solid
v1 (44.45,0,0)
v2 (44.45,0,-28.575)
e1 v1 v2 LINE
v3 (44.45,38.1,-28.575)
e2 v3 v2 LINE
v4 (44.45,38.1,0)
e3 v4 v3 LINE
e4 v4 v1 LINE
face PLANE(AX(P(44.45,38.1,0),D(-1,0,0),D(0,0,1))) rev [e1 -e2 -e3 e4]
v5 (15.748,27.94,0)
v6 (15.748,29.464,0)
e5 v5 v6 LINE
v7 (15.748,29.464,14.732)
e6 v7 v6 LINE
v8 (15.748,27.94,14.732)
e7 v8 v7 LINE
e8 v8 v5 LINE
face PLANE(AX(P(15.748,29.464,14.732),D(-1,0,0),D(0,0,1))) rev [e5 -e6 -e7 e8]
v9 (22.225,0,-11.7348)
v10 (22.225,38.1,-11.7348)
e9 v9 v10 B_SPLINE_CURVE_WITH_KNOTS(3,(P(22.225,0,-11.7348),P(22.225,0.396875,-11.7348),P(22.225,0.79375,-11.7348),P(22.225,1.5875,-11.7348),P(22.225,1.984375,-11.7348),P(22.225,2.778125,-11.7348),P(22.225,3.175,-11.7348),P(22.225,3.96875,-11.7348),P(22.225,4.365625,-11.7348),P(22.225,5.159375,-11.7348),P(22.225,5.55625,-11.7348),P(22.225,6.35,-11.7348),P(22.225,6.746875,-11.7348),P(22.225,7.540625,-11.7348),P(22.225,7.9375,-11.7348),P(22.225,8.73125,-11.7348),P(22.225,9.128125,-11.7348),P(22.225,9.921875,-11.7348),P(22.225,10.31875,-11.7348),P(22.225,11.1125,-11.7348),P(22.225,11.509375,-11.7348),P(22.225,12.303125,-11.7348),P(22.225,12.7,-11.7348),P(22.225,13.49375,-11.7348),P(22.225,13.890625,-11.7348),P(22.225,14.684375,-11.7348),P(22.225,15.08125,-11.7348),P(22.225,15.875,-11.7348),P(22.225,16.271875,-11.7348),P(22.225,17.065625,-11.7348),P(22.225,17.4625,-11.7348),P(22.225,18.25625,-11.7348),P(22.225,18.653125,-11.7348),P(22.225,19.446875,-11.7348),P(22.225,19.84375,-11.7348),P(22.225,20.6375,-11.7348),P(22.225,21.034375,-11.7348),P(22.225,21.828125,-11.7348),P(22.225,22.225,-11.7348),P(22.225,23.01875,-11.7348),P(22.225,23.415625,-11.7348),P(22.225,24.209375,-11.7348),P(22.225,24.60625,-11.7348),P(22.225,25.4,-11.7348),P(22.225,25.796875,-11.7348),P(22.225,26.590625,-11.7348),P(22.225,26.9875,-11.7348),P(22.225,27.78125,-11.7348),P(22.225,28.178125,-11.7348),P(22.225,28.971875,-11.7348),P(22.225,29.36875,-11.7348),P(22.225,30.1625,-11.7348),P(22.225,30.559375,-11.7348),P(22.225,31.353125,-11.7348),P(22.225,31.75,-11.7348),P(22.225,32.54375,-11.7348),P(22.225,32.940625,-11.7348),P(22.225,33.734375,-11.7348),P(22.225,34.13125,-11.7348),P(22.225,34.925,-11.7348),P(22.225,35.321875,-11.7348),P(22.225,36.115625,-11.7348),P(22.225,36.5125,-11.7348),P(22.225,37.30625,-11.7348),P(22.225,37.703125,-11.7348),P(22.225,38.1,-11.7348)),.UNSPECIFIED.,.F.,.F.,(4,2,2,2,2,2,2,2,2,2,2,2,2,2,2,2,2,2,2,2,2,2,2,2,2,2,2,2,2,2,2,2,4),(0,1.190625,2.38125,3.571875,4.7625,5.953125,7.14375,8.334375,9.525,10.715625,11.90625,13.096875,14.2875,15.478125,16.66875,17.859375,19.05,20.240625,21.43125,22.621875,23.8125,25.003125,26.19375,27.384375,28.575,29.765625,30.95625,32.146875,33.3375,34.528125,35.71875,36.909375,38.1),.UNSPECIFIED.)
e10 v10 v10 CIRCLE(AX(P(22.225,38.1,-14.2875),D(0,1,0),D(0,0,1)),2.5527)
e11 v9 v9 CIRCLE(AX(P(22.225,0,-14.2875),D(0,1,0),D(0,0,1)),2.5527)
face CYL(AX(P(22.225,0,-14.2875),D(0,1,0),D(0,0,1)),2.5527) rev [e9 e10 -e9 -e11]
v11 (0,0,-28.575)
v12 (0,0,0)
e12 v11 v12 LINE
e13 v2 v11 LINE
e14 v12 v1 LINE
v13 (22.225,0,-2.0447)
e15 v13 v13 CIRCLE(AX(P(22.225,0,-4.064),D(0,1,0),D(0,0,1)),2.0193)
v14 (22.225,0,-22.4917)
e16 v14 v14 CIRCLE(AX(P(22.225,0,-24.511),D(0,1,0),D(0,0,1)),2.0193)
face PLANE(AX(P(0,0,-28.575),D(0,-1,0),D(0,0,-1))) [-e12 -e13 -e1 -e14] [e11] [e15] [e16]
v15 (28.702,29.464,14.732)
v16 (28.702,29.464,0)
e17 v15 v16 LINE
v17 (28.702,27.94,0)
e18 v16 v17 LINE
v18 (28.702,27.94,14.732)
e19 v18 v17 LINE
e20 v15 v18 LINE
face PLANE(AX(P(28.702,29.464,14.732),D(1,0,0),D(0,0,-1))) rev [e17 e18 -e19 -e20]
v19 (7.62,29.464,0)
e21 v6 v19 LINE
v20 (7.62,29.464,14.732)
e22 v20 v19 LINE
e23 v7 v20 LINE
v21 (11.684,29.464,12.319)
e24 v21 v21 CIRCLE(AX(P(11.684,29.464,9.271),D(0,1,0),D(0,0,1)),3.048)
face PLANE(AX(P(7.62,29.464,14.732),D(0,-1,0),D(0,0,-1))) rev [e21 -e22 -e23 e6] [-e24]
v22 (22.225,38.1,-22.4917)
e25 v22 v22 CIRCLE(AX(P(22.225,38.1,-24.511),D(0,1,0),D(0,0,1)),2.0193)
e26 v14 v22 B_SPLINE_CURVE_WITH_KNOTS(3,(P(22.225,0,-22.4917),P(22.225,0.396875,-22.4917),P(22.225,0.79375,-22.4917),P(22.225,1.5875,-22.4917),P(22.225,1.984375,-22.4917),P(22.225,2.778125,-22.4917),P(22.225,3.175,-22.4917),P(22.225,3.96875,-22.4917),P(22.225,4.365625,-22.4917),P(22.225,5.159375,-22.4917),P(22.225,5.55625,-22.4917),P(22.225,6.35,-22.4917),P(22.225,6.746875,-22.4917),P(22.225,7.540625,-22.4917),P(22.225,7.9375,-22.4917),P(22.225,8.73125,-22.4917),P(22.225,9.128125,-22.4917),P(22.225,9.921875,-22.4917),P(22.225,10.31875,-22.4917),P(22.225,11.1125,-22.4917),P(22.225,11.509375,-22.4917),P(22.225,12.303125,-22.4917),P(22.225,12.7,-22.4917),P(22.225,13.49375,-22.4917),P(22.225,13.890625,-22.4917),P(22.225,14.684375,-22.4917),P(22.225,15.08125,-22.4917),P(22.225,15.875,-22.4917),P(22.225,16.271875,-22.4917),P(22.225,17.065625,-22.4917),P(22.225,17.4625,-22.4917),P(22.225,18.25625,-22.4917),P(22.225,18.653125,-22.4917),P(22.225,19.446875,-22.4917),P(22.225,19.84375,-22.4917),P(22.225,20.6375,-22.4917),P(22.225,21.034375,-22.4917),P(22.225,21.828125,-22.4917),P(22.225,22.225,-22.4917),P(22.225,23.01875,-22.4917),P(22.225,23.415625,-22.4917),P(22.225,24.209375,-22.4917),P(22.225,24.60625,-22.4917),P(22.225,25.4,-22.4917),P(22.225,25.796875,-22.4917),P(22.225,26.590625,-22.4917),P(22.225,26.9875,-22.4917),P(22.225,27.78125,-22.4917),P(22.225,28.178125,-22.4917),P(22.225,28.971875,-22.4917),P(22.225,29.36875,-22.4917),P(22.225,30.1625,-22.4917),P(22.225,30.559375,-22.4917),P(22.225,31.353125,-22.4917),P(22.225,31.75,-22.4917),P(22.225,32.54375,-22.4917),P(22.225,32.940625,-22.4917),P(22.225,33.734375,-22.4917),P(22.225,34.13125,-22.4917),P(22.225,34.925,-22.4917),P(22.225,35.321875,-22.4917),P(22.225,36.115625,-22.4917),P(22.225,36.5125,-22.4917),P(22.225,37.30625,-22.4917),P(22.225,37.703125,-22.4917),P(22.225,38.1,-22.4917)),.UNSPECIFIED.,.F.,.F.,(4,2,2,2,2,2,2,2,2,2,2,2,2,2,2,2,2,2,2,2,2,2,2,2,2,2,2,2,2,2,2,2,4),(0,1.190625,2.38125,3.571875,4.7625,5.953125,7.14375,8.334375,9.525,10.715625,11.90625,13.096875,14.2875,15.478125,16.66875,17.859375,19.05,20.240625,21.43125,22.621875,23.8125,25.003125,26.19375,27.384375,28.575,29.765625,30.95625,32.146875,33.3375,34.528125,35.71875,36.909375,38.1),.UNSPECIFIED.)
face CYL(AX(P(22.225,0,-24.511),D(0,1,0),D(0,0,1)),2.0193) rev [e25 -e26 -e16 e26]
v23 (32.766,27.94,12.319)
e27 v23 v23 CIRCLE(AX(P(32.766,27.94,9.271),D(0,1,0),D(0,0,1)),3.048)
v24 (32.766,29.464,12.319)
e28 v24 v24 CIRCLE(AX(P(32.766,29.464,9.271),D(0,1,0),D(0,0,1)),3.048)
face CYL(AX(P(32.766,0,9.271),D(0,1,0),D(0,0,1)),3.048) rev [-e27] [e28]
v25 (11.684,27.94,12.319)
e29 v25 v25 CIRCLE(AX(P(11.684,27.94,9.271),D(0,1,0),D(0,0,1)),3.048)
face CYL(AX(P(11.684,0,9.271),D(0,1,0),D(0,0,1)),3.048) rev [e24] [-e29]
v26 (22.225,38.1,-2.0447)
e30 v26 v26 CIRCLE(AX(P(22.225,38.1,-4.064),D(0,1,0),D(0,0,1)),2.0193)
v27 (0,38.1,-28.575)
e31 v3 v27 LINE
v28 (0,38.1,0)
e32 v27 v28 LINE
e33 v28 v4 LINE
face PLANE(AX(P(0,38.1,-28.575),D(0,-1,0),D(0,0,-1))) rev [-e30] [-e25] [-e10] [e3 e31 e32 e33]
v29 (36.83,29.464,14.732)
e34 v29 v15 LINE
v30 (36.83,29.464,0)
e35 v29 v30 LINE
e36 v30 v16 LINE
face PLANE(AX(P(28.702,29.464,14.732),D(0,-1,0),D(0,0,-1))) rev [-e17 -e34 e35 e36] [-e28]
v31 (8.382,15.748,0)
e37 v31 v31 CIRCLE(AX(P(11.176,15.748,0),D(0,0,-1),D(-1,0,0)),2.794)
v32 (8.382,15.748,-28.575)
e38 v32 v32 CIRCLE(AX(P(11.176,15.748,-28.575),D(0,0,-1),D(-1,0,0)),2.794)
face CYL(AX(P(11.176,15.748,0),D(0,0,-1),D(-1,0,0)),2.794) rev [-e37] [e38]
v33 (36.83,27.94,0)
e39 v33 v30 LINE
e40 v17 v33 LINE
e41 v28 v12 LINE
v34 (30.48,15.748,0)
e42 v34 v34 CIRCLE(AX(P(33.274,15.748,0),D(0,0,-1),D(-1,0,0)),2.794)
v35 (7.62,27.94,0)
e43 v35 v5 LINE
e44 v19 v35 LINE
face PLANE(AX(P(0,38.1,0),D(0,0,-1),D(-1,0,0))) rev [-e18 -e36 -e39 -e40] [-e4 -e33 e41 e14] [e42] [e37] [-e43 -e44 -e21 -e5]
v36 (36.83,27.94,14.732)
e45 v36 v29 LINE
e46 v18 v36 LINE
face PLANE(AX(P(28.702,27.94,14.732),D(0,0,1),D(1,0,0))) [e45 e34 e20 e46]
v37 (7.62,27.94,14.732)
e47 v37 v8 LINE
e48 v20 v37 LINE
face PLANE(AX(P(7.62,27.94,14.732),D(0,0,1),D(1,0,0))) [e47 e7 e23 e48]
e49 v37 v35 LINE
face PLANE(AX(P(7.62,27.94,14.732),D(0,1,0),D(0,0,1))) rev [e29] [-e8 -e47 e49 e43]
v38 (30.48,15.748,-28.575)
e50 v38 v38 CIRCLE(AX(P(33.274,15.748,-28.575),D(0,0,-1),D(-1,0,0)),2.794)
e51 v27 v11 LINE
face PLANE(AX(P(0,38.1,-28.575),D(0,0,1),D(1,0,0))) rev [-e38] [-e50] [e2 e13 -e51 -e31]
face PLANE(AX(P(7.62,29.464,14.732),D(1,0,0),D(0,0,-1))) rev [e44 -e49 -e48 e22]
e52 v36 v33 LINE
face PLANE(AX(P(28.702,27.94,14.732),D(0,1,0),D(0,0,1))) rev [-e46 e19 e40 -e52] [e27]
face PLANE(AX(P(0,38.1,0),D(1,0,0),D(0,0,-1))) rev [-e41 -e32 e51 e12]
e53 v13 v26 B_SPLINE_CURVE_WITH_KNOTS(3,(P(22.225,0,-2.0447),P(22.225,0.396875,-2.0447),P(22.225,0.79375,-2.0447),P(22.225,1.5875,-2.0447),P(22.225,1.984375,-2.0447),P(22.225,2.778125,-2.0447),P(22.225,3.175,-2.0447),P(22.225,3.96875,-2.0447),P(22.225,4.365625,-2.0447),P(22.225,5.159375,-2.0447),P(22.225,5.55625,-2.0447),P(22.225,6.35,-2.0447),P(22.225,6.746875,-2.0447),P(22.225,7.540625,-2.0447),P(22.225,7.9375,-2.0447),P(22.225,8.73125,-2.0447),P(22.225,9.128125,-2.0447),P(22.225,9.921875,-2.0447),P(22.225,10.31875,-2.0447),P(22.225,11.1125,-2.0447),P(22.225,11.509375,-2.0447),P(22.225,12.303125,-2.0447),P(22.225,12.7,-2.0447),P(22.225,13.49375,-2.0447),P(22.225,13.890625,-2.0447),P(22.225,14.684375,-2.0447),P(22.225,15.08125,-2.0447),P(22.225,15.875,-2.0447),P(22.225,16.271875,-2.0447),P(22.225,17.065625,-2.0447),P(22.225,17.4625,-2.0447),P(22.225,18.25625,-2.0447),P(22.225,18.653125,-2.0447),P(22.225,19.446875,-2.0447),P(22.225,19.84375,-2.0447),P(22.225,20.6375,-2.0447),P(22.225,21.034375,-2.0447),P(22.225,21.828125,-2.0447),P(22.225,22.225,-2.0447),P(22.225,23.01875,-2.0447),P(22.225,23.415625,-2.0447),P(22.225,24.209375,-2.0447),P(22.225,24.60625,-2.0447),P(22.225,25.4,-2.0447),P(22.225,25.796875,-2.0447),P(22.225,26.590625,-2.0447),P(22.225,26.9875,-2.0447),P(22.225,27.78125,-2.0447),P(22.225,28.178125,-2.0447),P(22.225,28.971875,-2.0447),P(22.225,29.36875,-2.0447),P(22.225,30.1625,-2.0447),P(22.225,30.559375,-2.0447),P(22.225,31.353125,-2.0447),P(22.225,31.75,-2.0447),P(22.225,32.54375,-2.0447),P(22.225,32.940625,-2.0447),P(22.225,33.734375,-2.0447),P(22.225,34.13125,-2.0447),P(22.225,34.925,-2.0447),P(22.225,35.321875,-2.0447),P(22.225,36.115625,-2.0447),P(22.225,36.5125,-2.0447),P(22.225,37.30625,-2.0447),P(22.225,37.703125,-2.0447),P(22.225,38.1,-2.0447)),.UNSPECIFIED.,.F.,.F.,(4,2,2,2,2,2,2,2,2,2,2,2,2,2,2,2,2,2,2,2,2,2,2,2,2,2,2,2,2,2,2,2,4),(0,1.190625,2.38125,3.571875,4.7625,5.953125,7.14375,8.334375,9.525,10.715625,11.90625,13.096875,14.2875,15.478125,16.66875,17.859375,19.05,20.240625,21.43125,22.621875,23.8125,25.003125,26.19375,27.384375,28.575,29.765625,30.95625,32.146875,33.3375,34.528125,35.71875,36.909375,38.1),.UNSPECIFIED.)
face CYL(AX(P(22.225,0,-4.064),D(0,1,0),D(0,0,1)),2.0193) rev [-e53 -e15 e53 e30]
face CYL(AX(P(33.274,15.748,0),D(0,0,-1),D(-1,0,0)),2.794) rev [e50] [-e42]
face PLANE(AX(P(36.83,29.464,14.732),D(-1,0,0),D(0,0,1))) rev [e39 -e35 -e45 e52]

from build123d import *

# Parameters (mm, degrees)
SKETCH1_W          = 44.45
SKETCH1_H          = 28.575
EXTRUDE1_DEPTH     = 38.1
SKETCH2_R          = 2.5527
SKETCH2_R_2        = 2.0193
CUT_EXTRUDE1_DEPTH = 66.145553379
SKETCH3_R          = 2.794
CUT_EXTRUDE2_DEPTH = 66.145553379
SKETCH4_W          = 8.128
SKETCH4_H          = 1.524
EXTRUDE2_DEPTH     = 14.732
SKETCH5_R          = 3.048
CUT_EXTRUDE3_DEPTH = 61.501738992


with BuildPart() as part:
    # Sketch1 → Extrude1 (new body)
    with BuildSketch(Plane(origin=(0, 0, 0), x_dir=(1, 0, 0), z_dir=(0, 1, 0))):
        with Locations((22.225, 14.2875)):
            Rectangle(SKETCH1_W, SKETCH1_H)
    extrude(amount=EXTRUDE1_DEPTH)

    # Sketch2 → Cut-Extrude1 (cut, through all)
    with BuildSketch(Plane(origin=(0, 38.1, 0), x_dir=(-1, 0, 0), z_dir=(0, 1, 0))):
        with Locations(Location((-22.225, -14.2875, 0), (0, 0, 90))):
            Circle(SKETCH2_R)
        with Locations(Location((-22.225, -24.511, 0), (0, 0, 90))):
            Circle(SKETCH2_R_2)
        with Locations(Location((-22.225, -4.064, 0), (0, 0, 90))):
            Circle(SKETCH2_R_2)
    extrude(amount=-CUT_EXTRUDE1_DEPTH, mode=Mode.SUBTRACT)

    # Sketch3 → Cut-Extrude2 (cut, through all)
    with BuildSketch(Plane(origin=(0, 0, -28.575), x_dir=(-1, 0, 0), z_dir=(0, 0, -1))):
        with Locations((-33.274, 15.748)):
            Circle(SKETCH3_R)
        with Locations((-11.176, 15.748)):
            Circle(SKETCH3_R)
    extrude(amount=-CUT_EXTRUDE2_DEPTH, mode=Mode.SUBTRACT)

    # Sketch4 → Extrude2 (add)
    with BuildSketch(Plane.XY):
        with Locations((11.684, 28.702)):
            Rectangle(SKETCH4_W, SKETCH4_H)
        with Locations((32.766, 28.702)):
            Rectangle(SKETCH4_W, SKETCH4_H)
    extrude(amount=EXTRUDE2_DEPTH)

    # Sketch5 → Cut-Extrude3 (cut, through all)
    with BuildSketch(Plane(origin=(0, 29.464, 0), x_dir=(-1, 0, 0), z_dir=(0, 1, 0))):
        with Locations(Location((-11.684, 9.271, 0), (0, 0, 90))):
            Circle(SKETCH5_R)
        with Locations(Location((-32.766, 9.271, 0), (0, 0, 90))):
            Circle(SKETCH5_R)
    extrude(amount=-CUT_EXTRUDE3_DEPTH, mode=Mode.SUBTRACT)


solid = part.part
